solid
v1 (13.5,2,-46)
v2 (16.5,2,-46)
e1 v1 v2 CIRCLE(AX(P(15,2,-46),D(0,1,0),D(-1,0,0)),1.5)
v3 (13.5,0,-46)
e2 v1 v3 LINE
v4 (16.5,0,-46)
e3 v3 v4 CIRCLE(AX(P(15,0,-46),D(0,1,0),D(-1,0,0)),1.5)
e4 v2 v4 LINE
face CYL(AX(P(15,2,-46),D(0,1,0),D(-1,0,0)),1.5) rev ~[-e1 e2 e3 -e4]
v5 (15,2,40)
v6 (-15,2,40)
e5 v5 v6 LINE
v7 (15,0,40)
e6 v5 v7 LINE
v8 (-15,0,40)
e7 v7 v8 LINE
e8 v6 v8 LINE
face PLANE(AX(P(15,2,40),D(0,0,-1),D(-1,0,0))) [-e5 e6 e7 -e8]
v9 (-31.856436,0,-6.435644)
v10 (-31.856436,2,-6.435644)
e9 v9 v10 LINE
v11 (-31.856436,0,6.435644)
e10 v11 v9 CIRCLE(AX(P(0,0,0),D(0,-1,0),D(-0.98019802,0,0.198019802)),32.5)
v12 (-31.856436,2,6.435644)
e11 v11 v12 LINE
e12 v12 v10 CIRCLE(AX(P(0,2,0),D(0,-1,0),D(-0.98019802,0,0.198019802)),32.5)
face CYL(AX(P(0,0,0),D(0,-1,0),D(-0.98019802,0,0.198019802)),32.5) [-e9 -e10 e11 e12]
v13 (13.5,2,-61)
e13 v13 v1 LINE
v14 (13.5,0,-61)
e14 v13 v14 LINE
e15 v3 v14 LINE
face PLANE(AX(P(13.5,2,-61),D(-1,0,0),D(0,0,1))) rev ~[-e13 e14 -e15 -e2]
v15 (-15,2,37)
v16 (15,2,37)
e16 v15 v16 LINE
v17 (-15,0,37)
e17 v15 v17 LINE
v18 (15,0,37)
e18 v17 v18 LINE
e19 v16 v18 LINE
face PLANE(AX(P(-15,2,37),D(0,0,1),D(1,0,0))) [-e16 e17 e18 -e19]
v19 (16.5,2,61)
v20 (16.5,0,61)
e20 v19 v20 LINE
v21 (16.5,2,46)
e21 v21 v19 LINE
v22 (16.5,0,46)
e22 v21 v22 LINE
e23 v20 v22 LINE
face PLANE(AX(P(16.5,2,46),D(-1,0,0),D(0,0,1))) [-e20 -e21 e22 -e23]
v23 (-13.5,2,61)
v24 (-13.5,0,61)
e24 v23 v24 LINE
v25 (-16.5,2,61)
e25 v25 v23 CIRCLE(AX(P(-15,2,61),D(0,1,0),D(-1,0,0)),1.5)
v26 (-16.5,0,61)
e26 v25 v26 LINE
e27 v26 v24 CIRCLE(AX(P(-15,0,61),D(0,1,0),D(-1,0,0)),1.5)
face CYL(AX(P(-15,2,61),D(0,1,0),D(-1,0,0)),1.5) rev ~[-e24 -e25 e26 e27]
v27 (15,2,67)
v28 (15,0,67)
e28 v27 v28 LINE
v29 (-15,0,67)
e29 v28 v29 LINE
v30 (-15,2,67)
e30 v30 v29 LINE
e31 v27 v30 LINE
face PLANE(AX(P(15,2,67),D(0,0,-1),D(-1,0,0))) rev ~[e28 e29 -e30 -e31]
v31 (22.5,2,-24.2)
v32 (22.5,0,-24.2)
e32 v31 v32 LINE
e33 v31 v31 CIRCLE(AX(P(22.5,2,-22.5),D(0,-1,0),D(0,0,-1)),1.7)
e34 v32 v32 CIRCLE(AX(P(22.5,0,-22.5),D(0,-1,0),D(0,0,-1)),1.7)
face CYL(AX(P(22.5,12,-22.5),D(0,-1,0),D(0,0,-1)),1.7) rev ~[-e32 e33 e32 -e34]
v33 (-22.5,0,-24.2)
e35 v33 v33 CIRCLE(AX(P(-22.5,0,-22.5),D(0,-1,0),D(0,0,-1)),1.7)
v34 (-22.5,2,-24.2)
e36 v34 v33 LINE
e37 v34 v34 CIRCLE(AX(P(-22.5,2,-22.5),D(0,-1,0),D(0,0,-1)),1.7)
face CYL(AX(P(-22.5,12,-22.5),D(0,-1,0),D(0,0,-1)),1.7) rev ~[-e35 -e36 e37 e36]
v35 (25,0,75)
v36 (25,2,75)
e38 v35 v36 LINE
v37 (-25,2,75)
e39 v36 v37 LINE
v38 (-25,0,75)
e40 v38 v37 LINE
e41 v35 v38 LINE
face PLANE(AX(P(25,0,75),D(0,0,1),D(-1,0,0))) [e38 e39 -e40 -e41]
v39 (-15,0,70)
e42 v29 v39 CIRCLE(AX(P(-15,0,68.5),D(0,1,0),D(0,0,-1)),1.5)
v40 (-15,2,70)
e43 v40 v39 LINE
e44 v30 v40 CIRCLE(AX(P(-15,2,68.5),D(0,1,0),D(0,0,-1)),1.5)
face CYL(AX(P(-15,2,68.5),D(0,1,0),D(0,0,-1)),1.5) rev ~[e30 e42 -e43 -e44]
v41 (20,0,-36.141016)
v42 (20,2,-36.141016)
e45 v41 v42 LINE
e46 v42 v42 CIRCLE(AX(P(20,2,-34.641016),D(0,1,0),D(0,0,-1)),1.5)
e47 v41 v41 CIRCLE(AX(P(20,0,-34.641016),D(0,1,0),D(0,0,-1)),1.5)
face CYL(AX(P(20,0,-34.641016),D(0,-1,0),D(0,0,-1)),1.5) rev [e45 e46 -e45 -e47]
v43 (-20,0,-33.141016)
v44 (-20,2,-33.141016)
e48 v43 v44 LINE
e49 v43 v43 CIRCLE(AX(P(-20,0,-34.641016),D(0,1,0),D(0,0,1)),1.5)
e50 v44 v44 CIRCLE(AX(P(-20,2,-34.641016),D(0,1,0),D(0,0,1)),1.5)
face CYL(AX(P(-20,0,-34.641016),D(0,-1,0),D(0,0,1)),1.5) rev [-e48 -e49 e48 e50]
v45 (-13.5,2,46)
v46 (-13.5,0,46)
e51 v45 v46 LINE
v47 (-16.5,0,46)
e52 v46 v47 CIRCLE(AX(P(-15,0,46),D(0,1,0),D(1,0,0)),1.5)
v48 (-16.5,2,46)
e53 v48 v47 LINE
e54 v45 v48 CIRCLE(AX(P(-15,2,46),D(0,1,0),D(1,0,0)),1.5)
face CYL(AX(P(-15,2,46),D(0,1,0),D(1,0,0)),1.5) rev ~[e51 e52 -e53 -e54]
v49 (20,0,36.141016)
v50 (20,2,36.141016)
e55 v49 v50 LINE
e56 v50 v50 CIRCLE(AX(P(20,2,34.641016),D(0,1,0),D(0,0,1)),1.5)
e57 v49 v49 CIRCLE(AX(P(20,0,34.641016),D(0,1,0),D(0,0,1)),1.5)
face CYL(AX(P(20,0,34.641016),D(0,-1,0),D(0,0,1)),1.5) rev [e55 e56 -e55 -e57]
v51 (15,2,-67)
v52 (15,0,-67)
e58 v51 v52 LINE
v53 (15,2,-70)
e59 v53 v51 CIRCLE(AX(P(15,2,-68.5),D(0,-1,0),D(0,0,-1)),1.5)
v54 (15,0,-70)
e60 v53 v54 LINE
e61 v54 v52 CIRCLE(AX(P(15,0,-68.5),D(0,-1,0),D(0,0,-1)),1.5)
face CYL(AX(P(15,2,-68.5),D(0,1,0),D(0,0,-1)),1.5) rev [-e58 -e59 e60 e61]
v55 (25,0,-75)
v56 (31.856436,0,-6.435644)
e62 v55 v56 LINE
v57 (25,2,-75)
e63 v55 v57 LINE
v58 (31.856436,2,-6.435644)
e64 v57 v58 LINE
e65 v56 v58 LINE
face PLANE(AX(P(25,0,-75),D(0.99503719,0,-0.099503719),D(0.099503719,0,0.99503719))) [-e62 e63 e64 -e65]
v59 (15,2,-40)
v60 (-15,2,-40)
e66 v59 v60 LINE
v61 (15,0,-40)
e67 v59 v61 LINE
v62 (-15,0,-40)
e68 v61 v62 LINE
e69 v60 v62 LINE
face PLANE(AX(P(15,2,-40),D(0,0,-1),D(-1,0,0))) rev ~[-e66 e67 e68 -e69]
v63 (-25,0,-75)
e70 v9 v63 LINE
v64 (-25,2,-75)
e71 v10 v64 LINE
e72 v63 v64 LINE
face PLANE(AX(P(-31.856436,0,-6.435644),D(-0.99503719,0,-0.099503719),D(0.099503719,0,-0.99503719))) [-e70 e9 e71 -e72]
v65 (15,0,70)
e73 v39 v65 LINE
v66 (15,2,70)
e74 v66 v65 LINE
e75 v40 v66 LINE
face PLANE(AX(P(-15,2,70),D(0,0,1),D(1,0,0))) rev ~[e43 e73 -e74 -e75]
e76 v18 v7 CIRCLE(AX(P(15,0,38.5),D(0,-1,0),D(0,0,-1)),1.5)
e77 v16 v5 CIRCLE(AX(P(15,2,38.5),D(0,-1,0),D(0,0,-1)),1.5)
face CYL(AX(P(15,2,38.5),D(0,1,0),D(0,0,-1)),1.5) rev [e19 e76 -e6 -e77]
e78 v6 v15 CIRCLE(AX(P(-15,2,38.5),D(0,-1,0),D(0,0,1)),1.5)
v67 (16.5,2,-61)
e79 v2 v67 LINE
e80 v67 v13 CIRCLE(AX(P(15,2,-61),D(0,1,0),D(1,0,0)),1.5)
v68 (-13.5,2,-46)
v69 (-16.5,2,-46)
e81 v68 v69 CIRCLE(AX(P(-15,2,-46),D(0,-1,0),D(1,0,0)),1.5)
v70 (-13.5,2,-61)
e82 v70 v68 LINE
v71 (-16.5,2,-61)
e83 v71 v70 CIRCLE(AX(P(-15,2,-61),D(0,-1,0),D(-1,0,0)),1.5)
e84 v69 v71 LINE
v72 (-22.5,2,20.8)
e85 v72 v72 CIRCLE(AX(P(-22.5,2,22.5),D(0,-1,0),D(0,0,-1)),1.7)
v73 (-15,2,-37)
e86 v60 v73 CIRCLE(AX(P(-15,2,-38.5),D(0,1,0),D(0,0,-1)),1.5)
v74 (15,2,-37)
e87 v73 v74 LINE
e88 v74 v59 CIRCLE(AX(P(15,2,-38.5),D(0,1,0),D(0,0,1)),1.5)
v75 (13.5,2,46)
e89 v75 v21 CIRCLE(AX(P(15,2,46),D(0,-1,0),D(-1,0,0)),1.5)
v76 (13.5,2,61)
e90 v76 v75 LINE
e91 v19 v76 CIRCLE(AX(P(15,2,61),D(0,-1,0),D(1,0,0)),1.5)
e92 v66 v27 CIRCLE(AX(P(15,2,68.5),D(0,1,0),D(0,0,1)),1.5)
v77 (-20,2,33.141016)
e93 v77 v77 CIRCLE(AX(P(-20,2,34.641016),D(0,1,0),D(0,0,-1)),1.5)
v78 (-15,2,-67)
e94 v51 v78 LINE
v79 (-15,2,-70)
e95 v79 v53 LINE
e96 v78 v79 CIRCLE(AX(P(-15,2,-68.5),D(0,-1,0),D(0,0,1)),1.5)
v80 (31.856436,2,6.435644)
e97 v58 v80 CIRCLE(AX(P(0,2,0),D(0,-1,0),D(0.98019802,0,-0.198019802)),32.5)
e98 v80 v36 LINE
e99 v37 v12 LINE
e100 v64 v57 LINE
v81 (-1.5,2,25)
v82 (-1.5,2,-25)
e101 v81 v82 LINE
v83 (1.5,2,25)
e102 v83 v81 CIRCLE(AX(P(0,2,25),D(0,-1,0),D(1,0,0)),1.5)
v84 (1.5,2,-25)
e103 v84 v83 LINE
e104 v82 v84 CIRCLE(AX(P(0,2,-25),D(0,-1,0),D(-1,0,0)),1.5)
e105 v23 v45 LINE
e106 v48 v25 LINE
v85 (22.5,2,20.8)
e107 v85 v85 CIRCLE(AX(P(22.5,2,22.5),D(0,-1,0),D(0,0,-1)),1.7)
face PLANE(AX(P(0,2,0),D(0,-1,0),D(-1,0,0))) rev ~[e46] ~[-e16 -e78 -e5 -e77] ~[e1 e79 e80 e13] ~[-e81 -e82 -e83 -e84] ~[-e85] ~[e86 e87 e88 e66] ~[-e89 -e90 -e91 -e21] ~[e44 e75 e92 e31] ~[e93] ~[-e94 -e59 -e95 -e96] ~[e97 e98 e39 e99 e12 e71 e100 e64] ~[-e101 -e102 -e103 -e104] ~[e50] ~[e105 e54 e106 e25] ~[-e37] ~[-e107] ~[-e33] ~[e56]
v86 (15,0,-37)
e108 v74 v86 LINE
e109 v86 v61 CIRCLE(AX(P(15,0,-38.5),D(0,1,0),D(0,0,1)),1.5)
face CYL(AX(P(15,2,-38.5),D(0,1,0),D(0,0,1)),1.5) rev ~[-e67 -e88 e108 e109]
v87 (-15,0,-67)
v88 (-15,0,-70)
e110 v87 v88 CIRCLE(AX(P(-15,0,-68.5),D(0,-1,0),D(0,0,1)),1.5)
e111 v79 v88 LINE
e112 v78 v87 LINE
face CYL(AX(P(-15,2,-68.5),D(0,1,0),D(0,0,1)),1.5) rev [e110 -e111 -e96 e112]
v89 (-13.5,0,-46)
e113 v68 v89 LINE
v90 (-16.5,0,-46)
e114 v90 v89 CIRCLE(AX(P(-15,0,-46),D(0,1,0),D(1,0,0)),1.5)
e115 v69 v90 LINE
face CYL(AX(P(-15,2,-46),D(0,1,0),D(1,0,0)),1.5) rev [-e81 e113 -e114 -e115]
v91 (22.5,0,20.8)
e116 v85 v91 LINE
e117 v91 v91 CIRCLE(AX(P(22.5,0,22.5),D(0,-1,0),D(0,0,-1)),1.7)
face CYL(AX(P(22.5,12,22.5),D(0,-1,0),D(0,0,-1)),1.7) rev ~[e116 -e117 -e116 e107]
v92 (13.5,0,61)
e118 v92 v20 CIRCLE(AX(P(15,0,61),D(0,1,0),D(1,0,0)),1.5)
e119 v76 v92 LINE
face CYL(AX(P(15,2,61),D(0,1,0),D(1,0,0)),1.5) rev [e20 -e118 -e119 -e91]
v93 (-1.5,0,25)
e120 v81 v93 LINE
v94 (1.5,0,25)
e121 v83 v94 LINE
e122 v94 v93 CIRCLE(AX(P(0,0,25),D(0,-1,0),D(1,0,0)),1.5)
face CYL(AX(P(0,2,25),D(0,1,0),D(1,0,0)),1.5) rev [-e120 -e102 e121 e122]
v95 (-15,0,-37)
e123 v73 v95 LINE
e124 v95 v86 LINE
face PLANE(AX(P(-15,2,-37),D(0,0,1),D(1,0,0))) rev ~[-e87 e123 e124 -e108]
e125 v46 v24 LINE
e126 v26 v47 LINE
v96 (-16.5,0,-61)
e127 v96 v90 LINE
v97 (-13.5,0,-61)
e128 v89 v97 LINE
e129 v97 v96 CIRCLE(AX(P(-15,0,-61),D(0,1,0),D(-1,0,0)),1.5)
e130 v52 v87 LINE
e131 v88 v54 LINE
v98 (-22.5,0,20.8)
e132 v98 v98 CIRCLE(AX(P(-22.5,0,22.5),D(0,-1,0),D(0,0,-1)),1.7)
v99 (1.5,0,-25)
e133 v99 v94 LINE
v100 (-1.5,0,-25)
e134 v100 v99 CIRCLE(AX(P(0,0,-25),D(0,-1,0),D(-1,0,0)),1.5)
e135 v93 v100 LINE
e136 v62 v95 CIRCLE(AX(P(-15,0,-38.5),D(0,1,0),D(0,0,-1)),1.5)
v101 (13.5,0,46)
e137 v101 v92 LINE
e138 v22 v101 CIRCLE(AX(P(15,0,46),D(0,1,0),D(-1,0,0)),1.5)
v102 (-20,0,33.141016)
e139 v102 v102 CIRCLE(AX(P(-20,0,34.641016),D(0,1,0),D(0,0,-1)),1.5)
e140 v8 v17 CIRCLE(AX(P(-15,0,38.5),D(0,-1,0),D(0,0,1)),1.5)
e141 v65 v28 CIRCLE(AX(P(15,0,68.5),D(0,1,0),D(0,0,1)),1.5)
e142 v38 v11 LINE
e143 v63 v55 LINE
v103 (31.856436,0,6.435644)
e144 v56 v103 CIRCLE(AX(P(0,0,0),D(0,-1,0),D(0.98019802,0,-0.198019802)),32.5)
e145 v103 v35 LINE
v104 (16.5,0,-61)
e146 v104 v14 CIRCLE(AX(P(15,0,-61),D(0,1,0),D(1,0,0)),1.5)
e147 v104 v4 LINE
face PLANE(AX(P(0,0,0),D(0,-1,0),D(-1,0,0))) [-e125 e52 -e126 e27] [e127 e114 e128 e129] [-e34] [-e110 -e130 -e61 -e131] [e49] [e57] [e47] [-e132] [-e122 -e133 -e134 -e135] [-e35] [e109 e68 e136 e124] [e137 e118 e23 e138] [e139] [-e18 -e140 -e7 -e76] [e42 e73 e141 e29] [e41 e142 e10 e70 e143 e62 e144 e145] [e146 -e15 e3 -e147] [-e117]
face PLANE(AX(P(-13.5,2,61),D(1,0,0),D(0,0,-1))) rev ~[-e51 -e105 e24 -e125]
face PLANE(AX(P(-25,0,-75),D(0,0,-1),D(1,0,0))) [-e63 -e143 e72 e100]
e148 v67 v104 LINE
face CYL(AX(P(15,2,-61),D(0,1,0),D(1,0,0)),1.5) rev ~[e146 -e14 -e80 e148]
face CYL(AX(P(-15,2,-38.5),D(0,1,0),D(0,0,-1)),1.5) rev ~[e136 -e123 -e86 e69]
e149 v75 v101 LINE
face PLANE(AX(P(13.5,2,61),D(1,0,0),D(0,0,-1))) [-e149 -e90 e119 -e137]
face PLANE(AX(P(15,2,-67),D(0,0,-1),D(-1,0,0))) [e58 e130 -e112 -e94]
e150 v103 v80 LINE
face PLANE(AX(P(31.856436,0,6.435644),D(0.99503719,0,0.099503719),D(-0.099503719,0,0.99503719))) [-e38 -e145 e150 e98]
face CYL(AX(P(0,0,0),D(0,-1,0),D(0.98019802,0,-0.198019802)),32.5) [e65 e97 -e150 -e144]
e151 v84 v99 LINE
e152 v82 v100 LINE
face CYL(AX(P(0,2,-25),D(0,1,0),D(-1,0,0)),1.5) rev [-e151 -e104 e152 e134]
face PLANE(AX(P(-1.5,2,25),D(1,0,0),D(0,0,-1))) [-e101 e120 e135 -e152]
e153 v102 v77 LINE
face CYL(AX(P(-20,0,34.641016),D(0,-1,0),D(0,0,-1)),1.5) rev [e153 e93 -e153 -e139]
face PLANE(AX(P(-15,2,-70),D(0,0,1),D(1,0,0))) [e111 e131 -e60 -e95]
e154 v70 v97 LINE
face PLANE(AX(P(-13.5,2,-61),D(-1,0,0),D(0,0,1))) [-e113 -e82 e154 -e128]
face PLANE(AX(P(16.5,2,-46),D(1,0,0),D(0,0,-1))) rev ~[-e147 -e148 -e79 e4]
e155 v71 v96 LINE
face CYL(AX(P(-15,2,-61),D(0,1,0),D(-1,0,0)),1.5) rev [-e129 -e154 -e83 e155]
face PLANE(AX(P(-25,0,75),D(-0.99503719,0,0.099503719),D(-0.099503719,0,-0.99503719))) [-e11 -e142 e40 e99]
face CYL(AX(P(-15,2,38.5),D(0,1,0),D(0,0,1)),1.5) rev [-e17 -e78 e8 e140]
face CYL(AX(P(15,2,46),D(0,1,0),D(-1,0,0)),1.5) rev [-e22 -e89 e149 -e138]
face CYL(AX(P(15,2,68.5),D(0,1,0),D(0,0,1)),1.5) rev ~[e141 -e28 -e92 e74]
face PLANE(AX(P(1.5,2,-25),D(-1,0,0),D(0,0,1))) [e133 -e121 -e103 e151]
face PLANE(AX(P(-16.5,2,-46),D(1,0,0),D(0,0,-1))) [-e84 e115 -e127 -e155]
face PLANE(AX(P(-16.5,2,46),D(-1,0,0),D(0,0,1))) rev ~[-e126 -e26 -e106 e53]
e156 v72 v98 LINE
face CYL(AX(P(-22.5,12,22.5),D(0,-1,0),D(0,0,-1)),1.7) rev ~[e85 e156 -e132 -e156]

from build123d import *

# Parameters (mm, degrees)
SKETCH1_R                = 1.5
BOSS_EXTRUDE1_DEPTH      = 2
CUT_EXTRUDE1_DEPTH       = 2
M3_CLEARANCE_HOLE1_D     = 3.4
M3_CLEARANCE_HOLE1_DEPTH = 10
M3_CLEARANCE_HOLE1_TIP   = 1.021463052
CUT_EXTRUDE4_DEPTH       = 10


with BuildPart() as part:
    # Sketch1 → Boss-Extrude1 (new body)
    with BuildSketch(Plane(origin=(0, 0, 0), x_dir=(1, 0, 0), z_dir=(0, 1, 0))):
        with BuildLine():
            Line((-31.856435644, 6.435643564), (-25, 75))
            Line((-25, 75), (25, 75))
            Line((25, 75), (31.856435644, 6.435643564))
            ThreePointArc((31.856435644, 6.435643564), (32.5, 0), (31.856435644, -6.435643564))
            Line((31.856435644, -6.435643564), (25, -75))
            Line((25, -75), (-25, -75))
            Line((-25, -75), (-31.856435644, -6.435643564))
            ThreePointArc((-31.856435644, -6.435643564), (-32.5, 0), (-31.856435644, 6.435643564))
        make_face()
        with Locations(Location((-20, 34.641016151, 0), (0, 0, 270))):
            Circle(SKETCH1_R, mode=Mode.SUBTRACT)
        with Locations(Location((20, 34.641016151, 0), (0, 0, 90))):
            Circle(SKETCH1_R, mode=Mode.SUBTRACT)
        with Locations(Location((20, -34.641016151, 0), (0, 0, 270))):
            Circle(SKETCH1_R, mode=Mode.SUBTRACT)
        with Locations(Location((-20, -34.641016151, 0), (0, 0, 90))):
            Circle(SKETCH1_R, mode=Mode.SUBTRACT)
    extrude(amount=BOSS_EXTRUDE1_DEPTH)

    # Sketch2 → Cut-Extrude1 (cut)
    with BuildSketch(Plane(origin=(0, 2, 0), x_dir=(1, 0, 0), z_dir=(0, 1, 0))):
        with BuildLine():
            Line((-15, 70), (15, 70))
            ThreePointArc((15, 70), (16.5, 68.5), (15, 67))
            Line((15, 67), (-15, 67))
            ThreePointArc((-15, 67), (-16.5, 68.5), (-15, 70))
        make_face()
        with BuildLine():
            Line((-15, -70), (15, -70))
            ThreePointArc((15, -70), (16.5, -68.5), (15, -67))
            Line((15, -67), (-15, -67))
            ThreePointArc((-15, -67), (-16.5, -68.5), (-15, -70))
        make_face()
        with BuildLine():
            Line((-15, 37), (15, 37))
            ThreePointArc((15, 37), (16.5, 38.5), (15, 40))
            Line((15, 40), (-15, 40))
            ThreePointArc((-15, 40), (-16.5, 38.5), (-15, 37))
        make_face()
        with BuildLine():
            Line((-15, -37), (15, -37))
            ThreePointArc((15, -37), (16.5, -38.5), (15, -40))
            Line((15, -40), (-15, -40))
            ThreePointArc((-15, -40), (-16.5, -38.5), (-15, -37))
        make_face()
        with BuildLine():
            Line((1.5, 25), (1.5, -25))
            ThreePointArc((1.5, -25), (0, -26.5), (-1.5, -25))
            Line((-1.5, -25), (-1.5, 25))
            ThreePointArc((-1.5, 25), (0, 26.5), (1.5, 25))
        make_face()
    extrude(amount=-CUT_EXTRUDE1_DEPTH, mode=Mode.SUBTRACT)

    # M3 Clearance Hole1
    with Locations(Plane(origin=(-22.5, 2, -22.5), x_dir=(0, 0, 1), z_dir=(0, 1, 0))):
        with Locations((0, 0), (0, 45), (45, 45), (45, 0)):
            Hole(M3_CLEARANCE_HOLE1_D / 2, depth=M3_CLEARANCE_HOLE1_DEPTH)
            with Locations((0, 0, -(M3_CLEARANCE_HOLE1_DEPTH + M3_CLEARANCE_HOLE1_TIP / 2))):  # 118° drill point
                Cone(0, M3_CLEARANCE_HOLE1_D / 2, M3_CLEARANCE_HOLE1_TIP, mode=Mode.SUBTRACT)

    # Sketch11 → Cut-Extrude4 (cut)
    with BuildSketch(Plane(origin=(0, 2, 0), x_dir=(1, 0, 0), z_dir=(0, 1, 0))):
        with BuildLine():
            Line((16.5, -46), (16.5, -61))
            ThreePointArc((16.5, -61), (15, -62.5), (13.5, -61))
            Line((13.5, -61), (13.5, -46))
            ThreePointArc((13.5, -46), (15, -44.5), (16.5, -46))
        make_face()
        with BuildLine():
            Line((-16.5, -46), (-16.5, -61))
            ThreePointArc((-16.5, -61), (-15, -62.5), (-13.5, -61))
            Line((-13.5, -61), (-13.5, -46))
            ThreePointArc((-13.5, -46), (-15, -44.5), (-16.5, -46))
        make_face()
        with BuildLine():
            Line((-16.5, 46), (-16.5, 61))
            ThreePointArc((-16.5, 61), (-15, 62.5), (-13.5, 61))
            Line((-13.5, 61), (-13.5, 46))
            ThreePointArc((-13.5, 46), (-15, 44.5), (-16.5, 46))
        make_face()
        with BuildLine():
            Line((16.5, 46), (16.5, 61))
            ThreePointArc((16.5, 61), (15, 62.5), (13.5, 61))
            Line((13.5, 61), (13.5, 46))
            ThreePointArc((13.5, 46), (15, 44.5), (16.5, 46))
        make_face()
    extrude(amount=-CUT_EXTRUDE4_DEPTH, mode=Mode.SUBTRACT)


solid = part.part
